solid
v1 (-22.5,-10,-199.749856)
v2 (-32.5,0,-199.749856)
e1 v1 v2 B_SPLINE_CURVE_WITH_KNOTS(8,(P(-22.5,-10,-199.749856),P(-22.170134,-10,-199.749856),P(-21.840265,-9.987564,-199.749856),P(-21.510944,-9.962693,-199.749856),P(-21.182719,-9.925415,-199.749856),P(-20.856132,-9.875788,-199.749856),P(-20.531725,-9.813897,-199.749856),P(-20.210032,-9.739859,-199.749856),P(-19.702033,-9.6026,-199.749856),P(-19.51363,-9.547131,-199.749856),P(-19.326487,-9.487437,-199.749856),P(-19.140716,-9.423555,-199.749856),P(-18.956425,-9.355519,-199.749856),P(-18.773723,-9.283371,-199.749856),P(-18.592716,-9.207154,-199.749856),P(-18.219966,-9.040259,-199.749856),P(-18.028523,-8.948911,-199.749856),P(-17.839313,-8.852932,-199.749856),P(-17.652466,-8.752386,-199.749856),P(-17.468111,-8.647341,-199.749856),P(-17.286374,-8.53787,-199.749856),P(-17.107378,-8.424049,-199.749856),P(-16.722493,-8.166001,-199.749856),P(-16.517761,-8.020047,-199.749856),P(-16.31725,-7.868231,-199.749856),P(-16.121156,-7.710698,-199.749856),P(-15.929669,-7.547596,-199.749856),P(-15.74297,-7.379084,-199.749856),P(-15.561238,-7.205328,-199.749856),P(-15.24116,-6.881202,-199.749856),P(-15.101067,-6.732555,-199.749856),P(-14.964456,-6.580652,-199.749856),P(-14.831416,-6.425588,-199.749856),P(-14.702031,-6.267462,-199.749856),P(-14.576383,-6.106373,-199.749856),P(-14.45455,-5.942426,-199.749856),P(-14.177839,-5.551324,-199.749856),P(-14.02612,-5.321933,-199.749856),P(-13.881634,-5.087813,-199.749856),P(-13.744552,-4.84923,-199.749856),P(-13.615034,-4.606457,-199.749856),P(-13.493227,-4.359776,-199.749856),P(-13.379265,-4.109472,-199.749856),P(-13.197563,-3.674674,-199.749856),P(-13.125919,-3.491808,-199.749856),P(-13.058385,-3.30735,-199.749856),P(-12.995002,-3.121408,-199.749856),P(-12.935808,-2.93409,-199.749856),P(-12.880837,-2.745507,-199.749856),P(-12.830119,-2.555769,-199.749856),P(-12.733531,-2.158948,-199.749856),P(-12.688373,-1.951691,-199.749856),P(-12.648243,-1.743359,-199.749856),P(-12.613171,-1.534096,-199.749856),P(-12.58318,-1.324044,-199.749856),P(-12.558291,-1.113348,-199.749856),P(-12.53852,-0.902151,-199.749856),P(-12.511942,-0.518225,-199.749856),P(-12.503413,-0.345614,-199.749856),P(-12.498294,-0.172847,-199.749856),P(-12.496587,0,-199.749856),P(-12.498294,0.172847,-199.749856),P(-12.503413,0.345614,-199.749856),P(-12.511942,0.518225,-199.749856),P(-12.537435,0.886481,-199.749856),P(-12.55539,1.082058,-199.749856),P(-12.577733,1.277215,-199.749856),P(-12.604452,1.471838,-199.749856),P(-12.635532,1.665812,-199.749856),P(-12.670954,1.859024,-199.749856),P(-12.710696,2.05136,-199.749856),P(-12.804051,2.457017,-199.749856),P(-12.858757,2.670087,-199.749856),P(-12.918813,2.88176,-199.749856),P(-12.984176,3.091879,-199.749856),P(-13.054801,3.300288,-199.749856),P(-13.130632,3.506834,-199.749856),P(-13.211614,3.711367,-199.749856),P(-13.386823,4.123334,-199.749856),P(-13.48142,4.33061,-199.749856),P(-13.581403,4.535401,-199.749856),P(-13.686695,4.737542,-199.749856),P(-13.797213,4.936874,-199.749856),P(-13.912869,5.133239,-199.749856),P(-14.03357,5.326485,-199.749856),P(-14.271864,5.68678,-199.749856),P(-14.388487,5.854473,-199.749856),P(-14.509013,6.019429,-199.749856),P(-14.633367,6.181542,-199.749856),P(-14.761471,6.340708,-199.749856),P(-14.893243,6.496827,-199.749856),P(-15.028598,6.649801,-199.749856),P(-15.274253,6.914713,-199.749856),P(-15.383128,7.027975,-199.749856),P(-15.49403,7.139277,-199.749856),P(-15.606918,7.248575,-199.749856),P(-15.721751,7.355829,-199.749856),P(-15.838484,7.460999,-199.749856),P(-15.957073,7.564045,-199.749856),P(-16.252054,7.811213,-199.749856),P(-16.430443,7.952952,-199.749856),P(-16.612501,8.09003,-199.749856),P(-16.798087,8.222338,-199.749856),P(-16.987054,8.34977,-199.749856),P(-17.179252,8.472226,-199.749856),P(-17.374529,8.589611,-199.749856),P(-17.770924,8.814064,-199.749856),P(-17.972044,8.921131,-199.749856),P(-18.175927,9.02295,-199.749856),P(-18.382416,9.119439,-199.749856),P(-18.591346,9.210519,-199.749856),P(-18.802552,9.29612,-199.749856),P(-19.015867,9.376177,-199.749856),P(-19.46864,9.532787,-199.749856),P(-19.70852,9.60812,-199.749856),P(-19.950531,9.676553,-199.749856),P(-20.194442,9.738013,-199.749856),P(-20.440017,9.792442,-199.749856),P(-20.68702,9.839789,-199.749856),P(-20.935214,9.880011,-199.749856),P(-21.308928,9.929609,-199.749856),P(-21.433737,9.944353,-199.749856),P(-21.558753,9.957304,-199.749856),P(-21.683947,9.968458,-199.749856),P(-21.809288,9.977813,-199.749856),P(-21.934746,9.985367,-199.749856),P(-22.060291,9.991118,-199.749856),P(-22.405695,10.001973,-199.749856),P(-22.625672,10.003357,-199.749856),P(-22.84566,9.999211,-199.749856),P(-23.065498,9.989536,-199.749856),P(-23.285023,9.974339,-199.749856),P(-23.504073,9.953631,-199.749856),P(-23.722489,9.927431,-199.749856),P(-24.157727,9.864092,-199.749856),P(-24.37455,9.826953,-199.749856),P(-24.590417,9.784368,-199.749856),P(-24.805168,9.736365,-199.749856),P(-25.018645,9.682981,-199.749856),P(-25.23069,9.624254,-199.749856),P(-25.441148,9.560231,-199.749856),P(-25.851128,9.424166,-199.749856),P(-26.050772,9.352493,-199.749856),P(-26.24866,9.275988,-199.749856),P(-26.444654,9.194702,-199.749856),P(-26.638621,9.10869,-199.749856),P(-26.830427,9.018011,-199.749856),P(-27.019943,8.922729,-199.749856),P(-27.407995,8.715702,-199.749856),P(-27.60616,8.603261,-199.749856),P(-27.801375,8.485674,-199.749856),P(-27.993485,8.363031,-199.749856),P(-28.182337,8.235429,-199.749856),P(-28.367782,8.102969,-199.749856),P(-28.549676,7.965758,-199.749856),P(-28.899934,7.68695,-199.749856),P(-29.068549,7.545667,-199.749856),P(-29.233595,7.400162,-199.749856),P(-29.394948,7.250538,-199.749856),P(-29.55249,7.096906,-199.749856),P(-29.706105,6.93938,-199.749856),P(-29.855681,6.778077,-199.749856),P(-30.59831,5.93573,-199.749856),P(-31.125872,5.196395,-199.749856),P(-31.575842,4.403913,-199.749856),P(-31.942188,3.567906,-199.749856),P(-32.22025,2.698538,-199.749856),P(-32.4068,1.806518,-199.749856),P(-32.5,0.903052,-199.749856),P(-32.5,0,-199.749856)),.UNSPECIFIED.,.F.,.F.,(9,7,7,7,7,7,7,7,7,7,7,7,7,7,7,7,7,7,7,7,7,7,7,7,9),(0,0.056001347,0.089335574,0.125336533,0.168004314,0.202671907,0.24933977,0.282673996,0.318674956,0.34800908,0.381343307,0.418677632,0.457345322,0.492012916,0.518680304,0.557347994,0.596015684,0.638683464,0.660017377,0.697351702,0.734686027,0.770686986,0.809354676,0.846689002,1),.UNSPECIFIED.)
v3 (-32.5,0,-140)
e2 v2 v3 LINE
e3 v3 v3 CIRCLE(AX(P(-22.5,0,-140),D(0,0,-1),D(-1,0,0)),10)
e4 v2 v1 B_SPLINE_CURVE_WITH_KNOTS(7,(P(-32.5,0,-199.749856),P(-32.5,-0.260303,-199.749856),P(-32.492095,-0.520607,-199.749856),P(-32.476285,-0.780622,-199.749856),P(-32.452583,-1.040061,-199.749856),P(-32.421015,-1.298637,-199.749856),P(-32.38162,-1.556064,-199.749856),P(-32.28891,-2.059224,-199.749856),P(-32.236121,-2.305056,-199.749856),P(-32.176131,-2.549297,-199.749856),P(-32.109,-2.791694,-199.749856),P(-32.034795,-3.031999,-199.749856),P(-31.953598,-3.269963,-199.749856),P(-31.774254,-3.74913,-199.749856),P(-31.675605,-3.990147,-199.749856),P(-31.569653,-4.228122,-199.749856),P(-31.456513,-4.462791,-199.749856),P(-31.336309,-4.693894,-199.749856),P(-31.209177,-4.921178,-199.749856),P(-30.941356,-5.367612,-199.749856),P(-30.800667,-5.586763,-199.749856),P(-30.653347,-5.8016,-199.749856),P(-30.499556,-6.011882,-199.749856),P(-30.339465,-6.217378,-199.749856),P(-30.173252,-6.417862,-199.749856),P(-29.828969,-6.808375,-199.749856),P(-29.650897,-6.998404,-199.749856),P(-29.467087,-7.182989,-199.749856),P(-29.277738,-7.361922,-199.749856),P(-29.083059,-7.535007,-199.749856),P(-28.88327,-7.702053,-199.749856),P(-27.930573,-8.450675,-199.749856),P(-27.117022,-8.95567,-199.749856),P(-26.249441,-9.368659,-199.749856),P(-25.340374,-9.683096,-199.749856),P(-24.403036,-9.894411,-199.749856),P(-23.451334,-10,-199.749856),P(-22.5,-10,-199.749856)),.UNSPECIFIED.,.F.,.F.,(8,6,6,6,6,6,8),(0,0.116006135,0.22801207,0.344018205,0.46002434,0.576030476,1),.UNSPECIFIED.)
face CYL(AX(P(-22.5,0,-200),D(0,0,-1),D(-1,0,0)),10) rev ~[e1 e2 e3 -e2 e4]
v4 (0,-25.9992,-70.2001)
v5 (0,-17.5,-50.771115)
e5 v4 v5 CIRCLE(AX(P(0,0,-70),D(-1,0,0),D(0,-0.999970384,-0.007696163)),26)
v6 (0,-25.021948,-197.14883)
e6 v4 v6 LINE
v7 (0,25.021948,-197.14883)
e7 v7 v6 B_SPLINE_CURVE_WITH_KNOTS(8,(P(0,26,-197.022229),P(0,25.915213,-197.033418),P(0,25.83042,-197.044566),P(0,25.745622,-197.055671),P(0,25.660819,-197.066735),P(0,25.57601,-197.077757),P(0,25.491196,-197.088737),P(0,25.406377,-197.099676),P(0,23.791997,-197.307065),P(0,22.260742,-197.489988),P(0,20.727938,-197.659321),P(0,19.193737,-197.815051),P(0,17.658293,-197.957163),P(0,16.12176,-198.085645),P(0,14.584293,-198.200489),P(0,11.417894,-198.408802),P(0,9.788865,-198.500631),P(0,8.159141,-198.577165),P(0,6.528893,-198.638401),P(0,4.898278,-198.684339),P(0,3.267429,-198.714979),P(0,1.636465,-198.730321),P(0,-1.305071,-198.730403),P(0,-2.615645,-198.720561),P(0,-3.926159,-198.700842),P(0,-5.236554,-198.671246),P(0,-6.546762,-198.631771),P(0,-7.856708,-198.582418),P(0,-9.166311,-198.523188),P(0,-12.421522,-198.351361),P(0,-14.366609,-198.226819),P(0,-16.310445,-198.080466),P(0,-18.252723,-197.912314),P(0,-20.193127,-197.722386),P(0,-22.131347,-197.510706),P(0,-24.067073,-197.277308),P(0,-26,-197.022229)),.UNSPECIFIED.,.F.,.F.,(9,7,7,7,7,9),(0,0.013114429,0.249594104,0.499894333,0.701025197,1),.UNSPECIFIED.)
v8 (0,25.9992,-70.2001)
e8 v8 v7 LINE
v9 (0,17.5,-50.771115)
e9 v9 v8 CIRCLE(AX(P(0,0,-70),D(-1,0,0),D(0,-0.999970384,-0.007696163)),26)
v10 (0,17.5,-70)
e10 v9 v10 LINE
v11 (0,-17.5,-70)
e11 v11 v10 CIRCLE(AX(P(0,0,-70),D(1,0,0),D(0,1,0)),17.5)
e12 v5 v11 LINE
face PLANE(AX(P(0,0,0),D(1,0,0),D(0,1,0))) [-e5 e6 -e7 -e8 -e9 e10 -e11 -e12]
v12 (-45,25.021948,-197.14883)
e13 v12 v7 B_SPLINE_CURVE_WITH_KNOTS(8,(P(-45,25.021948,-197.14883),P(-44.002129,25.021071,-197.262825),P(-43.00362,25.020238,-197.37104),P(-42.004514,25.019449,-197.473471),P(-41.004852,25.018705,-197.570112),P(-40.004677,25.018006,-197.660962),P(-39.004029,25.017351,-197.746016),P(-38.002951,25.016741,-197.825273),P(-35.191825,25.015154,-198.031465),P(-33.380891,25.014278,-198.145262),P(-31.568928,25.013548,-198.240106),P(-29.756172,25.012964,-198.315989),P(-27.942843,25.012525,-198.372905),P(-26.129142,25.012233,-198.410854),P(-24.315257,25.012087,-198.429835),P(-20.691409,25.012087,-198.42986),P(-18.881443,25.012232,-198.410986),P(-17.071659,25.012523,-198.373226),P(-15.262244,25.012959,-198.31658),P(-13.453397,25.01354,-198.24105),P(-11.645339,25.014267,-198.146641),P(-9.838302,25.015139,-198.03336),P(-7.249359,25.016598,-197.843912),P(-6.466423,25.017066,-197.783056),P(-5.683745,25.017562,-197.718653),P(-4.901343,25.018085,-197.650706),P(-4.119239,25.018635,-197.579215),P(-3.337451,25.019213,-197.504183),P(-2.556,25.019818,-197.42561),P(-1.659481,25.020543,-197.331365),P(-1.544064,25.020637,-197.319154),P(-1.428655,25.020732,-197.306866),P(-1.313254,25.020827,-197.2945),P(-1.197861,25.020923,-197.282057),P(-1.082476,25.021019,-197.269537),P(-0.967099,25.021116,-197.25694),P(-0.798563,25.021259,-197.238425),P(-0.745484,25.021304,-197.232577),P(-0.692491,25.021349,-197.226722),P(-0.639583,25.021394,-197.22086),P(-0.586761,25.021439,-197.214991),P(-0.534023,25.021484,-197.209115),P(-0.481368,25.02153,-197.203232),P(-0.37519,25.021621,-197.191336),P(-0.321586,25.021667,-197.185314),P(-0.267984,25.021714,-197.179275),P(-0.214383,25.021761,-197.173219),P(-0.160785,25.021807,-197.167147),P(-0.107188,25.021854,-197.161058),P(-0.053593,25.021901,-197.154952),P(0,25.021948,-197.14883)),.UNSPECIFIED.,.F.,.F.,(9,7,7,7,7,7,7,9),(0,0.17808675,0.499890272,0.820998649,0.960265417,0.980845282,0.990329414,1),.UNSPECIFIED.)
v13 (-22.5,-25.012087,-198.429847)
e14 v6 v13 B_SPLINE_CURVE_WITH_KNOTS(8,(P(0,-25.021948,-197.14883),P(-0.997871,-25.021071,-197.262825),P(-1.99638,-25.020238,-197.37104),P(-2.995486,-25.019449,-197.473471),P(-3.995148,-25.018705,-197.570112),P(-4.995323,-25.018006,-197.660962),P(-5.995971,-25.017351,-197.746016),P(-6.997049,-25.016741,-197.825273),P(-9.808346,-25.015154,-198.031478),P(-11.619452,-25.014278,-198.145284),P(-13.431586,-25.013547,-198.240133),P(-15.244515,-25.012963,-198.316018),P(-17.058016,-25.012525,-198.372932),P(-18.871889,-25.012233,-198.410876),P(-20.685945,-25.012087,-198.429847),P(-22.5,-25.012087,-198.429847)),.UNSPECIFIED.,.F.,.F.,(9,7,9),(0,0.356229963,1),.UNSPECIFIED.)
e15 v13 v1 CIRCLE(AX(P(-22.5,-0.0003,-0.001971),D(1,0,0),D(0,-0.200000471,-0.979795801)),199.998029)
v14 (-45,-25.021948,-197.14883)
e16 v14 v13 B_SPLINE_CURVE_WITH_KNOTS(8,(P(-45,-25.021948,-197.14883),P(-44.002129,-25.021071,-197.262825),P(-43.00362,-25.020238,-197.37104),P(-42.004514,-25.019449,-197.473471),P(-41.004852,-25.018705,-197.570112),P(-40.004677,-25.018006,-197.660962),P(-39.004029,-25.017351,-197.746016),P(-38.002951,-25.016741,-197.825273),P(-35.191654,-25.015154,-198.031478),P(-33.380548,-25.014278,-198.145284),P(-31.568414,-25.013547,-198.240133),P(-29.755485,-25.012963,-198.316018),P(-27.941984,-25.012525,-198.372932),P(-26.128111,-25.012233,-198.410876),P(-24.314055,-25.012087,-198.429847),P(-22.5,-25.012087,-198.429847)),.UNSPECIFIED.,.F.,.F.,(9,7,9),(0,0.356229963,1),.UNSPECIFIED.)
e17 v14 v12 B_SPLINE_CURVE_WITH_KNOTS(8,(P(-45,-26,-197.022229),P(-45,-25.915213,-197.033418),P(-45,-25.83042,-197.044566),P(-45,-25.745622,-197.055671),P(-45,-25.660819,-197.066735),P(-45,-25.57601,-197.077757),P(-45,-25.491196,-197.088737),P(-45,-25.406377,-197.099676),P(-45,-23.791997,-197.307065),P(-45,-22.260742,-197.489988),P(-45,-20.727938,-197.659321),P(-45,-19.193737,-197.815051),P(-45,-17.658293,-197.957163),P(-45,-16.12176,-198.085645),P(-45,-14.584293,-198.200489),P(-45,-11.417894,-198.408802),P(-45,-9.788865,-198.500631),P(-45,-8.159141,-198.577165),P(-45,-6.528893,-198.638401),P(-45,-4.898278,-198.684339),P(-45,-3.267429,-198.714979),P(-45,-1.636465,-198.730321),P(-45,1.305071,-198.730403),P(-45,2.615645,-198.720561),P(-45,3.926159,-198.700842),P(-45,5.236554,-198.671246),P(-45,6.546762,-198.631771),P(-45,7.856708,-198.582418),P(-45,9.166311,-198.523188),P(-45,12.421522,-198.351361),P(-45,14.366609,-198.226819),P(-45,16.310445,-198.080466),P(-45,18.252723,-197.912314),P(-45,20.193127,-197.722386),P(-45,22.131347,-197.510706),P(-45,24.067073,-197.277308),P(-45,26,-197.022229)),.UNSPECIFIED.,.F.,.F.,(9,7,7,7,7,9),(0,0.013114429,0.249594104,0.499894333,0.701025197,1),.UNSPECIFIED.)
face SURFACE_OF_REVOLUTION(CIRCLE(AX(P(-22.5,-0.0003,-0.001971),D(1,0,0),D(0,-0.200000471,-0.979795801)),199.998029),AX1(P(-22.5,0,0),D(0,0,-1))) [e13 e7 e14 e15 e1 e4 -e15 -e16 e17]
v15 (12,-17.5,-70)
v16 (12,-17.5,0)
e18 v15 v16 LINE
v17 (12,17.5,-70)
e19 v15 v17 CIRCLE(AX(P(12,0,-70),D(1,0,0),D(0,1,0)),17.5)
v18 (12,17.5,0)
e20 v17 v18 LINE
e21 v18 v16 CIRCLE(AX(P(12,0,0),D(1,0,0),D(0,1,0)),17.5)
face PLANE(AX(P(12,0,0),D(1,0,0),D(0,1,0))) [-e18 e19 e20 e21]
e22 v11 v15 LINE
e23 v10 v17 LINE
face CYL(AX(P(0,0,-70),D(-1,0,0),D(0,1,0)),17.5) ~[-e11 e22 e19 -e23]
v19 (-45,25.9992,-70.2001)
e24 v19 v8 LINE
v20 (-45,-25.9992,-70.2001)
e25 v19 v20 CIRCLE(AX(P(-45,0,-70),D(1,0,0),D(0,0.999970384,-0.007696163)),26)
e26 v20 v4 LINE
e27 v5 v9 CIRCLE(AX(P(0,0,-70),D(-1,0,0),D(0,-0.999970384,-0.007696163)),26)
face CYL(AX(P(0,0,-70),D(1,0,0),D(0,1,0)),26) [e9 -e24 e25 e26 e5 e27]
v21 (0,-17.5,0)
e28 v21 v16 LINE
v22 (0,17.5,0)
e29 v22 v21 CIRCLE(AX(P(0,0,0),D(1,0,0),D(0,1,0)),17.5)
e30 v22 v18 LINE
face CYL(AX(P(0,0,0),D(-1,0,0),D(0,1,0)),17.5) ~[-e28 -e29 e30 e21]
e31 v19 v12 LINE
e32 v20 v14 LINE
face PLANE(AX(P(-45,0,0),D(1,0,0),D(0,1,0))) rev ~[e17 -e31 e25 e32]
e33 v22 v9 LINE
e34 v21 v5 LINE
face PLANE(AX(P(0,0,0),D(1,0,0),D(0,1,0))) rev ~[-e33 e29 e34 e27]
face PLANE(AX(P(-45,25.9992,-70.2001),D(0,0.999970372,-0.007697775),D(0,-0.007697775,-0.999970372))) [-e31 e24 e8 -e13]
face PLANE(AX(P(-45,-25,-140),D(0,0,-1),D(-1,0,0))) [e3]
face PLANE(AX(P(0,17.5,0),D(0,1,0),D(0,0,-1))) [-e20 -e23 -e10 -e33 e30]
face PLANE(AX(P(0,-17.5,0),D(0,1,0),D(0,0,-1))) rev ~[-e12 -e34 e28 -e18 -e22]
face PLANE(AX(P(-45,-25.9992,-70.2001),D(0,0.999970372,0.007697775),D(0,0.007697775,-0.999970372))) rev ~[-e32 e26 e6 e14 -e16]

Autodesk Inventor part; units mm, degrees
ref_plane "YZ Plane" through (0, 0, 0) normal (1, 0, 0) x (0, 1, 0)
ref_plane "XY Plane" through (0, 0, 0) normal (0, 0, 1) x (1, 0, 0)
ref_plane "UCS1: YZ Plane" through (0, 0, 0) normal (1, 0, 0) x (0, 1, 0)
sketch "Sketch2" plane through (0, 0, 0) normal (1, 0, 0) x (0, 1, 0)
  circle A0 centre (0, -70) radius 26
  line L0 (25, -200) -> (-25, -200)
  line L1 (0, -70) -> (0, -200) construction
  line L2 (-25.9992, -70.2001) -> (-25, -200)
  line L3 (25.9992, -70.2001) -> (25, -200)
  circle A1 centre (0, 0) radius 17.5
  circle A2 centre (0, -70) radius 17.5
  line L4 (17.5, 0) -> (17.5, -70)
  line L5 (-17.5, 0) -> (-17.5, -70)
  dimension "d1" = 52
  dimension "d3" = 50
  dimension "d25" = 130
  dimension "d26" = 35
  dimension "d27" = 70
extrude "Extrusion1" add sketch "Sketch2" against normal blind 45 contours A0 L5 A2 L4 | A0 L4 A2 L5 | A2
extrude "Extrusion2" add sketch "Sketch2" along normal blind 45 from surface at -45 contours A0 L3 L0 L2
sketch "Sketch5" plane through (-45, -25, -200) normal (0, 0, -1) x (-1, 0, 0)
  circle A0 centre (-22.5, 25) radius 10
  line L0 (-45, 50) -> (-45, 0) projected
  line L1 (-45, 50) -> (0, 50) projected
  point P0 (-45, 25)
  point P1 (-45, 25)
  point P2 (45, 0)
  point P3 (-22.5, 50)
  dimension "d22" = 20
extrude "Extrusion4" cut sketch "Sketch5" against normal blind 60
ref_plane "Work Plane1" through (-22.5, 0, -70) normal (1, 0, 0) x (0, 0, -1)
sketch "Sketch4" plane through (-22.5, 0, -70) normal (1, 0, 0) x (0, 0, -1)
  line L0 (130, 25) -> (130, -25) projected
  arc A0 (125.9592, -40) -> (130, 0) centre (-70, 0) ccw
  line L1 (125.9592, -40) -> (130, -40)
  line L2 (130, -40) -> (130, 0)
  line L3 (201.2, 0) -> (-115.2, 0) projected
  line L4 (-70, 0) -> (130, 0)
  point P0 (-70, 0)
  point P1 (156, -25)
  point P2 (156, 25)
  point P3 (156, -25)
  point P4 (-25, -130)
  point P5 (25, -130)
  dimension "d18" = 40
revolve "Revolution1" cut sketch "Sketch4" angle 360 about axis through (-22.5, 0, 0) along (0, 0, -1)
extrude "Extrusion5" add sketch "Sketch2" along normal blind 12 contours L5 A1 L4 A0 | A0 L4 A2 L5 | A1 | A2 picked at (-13.2429, -51.1519)
properties part number "shank_inventor"
